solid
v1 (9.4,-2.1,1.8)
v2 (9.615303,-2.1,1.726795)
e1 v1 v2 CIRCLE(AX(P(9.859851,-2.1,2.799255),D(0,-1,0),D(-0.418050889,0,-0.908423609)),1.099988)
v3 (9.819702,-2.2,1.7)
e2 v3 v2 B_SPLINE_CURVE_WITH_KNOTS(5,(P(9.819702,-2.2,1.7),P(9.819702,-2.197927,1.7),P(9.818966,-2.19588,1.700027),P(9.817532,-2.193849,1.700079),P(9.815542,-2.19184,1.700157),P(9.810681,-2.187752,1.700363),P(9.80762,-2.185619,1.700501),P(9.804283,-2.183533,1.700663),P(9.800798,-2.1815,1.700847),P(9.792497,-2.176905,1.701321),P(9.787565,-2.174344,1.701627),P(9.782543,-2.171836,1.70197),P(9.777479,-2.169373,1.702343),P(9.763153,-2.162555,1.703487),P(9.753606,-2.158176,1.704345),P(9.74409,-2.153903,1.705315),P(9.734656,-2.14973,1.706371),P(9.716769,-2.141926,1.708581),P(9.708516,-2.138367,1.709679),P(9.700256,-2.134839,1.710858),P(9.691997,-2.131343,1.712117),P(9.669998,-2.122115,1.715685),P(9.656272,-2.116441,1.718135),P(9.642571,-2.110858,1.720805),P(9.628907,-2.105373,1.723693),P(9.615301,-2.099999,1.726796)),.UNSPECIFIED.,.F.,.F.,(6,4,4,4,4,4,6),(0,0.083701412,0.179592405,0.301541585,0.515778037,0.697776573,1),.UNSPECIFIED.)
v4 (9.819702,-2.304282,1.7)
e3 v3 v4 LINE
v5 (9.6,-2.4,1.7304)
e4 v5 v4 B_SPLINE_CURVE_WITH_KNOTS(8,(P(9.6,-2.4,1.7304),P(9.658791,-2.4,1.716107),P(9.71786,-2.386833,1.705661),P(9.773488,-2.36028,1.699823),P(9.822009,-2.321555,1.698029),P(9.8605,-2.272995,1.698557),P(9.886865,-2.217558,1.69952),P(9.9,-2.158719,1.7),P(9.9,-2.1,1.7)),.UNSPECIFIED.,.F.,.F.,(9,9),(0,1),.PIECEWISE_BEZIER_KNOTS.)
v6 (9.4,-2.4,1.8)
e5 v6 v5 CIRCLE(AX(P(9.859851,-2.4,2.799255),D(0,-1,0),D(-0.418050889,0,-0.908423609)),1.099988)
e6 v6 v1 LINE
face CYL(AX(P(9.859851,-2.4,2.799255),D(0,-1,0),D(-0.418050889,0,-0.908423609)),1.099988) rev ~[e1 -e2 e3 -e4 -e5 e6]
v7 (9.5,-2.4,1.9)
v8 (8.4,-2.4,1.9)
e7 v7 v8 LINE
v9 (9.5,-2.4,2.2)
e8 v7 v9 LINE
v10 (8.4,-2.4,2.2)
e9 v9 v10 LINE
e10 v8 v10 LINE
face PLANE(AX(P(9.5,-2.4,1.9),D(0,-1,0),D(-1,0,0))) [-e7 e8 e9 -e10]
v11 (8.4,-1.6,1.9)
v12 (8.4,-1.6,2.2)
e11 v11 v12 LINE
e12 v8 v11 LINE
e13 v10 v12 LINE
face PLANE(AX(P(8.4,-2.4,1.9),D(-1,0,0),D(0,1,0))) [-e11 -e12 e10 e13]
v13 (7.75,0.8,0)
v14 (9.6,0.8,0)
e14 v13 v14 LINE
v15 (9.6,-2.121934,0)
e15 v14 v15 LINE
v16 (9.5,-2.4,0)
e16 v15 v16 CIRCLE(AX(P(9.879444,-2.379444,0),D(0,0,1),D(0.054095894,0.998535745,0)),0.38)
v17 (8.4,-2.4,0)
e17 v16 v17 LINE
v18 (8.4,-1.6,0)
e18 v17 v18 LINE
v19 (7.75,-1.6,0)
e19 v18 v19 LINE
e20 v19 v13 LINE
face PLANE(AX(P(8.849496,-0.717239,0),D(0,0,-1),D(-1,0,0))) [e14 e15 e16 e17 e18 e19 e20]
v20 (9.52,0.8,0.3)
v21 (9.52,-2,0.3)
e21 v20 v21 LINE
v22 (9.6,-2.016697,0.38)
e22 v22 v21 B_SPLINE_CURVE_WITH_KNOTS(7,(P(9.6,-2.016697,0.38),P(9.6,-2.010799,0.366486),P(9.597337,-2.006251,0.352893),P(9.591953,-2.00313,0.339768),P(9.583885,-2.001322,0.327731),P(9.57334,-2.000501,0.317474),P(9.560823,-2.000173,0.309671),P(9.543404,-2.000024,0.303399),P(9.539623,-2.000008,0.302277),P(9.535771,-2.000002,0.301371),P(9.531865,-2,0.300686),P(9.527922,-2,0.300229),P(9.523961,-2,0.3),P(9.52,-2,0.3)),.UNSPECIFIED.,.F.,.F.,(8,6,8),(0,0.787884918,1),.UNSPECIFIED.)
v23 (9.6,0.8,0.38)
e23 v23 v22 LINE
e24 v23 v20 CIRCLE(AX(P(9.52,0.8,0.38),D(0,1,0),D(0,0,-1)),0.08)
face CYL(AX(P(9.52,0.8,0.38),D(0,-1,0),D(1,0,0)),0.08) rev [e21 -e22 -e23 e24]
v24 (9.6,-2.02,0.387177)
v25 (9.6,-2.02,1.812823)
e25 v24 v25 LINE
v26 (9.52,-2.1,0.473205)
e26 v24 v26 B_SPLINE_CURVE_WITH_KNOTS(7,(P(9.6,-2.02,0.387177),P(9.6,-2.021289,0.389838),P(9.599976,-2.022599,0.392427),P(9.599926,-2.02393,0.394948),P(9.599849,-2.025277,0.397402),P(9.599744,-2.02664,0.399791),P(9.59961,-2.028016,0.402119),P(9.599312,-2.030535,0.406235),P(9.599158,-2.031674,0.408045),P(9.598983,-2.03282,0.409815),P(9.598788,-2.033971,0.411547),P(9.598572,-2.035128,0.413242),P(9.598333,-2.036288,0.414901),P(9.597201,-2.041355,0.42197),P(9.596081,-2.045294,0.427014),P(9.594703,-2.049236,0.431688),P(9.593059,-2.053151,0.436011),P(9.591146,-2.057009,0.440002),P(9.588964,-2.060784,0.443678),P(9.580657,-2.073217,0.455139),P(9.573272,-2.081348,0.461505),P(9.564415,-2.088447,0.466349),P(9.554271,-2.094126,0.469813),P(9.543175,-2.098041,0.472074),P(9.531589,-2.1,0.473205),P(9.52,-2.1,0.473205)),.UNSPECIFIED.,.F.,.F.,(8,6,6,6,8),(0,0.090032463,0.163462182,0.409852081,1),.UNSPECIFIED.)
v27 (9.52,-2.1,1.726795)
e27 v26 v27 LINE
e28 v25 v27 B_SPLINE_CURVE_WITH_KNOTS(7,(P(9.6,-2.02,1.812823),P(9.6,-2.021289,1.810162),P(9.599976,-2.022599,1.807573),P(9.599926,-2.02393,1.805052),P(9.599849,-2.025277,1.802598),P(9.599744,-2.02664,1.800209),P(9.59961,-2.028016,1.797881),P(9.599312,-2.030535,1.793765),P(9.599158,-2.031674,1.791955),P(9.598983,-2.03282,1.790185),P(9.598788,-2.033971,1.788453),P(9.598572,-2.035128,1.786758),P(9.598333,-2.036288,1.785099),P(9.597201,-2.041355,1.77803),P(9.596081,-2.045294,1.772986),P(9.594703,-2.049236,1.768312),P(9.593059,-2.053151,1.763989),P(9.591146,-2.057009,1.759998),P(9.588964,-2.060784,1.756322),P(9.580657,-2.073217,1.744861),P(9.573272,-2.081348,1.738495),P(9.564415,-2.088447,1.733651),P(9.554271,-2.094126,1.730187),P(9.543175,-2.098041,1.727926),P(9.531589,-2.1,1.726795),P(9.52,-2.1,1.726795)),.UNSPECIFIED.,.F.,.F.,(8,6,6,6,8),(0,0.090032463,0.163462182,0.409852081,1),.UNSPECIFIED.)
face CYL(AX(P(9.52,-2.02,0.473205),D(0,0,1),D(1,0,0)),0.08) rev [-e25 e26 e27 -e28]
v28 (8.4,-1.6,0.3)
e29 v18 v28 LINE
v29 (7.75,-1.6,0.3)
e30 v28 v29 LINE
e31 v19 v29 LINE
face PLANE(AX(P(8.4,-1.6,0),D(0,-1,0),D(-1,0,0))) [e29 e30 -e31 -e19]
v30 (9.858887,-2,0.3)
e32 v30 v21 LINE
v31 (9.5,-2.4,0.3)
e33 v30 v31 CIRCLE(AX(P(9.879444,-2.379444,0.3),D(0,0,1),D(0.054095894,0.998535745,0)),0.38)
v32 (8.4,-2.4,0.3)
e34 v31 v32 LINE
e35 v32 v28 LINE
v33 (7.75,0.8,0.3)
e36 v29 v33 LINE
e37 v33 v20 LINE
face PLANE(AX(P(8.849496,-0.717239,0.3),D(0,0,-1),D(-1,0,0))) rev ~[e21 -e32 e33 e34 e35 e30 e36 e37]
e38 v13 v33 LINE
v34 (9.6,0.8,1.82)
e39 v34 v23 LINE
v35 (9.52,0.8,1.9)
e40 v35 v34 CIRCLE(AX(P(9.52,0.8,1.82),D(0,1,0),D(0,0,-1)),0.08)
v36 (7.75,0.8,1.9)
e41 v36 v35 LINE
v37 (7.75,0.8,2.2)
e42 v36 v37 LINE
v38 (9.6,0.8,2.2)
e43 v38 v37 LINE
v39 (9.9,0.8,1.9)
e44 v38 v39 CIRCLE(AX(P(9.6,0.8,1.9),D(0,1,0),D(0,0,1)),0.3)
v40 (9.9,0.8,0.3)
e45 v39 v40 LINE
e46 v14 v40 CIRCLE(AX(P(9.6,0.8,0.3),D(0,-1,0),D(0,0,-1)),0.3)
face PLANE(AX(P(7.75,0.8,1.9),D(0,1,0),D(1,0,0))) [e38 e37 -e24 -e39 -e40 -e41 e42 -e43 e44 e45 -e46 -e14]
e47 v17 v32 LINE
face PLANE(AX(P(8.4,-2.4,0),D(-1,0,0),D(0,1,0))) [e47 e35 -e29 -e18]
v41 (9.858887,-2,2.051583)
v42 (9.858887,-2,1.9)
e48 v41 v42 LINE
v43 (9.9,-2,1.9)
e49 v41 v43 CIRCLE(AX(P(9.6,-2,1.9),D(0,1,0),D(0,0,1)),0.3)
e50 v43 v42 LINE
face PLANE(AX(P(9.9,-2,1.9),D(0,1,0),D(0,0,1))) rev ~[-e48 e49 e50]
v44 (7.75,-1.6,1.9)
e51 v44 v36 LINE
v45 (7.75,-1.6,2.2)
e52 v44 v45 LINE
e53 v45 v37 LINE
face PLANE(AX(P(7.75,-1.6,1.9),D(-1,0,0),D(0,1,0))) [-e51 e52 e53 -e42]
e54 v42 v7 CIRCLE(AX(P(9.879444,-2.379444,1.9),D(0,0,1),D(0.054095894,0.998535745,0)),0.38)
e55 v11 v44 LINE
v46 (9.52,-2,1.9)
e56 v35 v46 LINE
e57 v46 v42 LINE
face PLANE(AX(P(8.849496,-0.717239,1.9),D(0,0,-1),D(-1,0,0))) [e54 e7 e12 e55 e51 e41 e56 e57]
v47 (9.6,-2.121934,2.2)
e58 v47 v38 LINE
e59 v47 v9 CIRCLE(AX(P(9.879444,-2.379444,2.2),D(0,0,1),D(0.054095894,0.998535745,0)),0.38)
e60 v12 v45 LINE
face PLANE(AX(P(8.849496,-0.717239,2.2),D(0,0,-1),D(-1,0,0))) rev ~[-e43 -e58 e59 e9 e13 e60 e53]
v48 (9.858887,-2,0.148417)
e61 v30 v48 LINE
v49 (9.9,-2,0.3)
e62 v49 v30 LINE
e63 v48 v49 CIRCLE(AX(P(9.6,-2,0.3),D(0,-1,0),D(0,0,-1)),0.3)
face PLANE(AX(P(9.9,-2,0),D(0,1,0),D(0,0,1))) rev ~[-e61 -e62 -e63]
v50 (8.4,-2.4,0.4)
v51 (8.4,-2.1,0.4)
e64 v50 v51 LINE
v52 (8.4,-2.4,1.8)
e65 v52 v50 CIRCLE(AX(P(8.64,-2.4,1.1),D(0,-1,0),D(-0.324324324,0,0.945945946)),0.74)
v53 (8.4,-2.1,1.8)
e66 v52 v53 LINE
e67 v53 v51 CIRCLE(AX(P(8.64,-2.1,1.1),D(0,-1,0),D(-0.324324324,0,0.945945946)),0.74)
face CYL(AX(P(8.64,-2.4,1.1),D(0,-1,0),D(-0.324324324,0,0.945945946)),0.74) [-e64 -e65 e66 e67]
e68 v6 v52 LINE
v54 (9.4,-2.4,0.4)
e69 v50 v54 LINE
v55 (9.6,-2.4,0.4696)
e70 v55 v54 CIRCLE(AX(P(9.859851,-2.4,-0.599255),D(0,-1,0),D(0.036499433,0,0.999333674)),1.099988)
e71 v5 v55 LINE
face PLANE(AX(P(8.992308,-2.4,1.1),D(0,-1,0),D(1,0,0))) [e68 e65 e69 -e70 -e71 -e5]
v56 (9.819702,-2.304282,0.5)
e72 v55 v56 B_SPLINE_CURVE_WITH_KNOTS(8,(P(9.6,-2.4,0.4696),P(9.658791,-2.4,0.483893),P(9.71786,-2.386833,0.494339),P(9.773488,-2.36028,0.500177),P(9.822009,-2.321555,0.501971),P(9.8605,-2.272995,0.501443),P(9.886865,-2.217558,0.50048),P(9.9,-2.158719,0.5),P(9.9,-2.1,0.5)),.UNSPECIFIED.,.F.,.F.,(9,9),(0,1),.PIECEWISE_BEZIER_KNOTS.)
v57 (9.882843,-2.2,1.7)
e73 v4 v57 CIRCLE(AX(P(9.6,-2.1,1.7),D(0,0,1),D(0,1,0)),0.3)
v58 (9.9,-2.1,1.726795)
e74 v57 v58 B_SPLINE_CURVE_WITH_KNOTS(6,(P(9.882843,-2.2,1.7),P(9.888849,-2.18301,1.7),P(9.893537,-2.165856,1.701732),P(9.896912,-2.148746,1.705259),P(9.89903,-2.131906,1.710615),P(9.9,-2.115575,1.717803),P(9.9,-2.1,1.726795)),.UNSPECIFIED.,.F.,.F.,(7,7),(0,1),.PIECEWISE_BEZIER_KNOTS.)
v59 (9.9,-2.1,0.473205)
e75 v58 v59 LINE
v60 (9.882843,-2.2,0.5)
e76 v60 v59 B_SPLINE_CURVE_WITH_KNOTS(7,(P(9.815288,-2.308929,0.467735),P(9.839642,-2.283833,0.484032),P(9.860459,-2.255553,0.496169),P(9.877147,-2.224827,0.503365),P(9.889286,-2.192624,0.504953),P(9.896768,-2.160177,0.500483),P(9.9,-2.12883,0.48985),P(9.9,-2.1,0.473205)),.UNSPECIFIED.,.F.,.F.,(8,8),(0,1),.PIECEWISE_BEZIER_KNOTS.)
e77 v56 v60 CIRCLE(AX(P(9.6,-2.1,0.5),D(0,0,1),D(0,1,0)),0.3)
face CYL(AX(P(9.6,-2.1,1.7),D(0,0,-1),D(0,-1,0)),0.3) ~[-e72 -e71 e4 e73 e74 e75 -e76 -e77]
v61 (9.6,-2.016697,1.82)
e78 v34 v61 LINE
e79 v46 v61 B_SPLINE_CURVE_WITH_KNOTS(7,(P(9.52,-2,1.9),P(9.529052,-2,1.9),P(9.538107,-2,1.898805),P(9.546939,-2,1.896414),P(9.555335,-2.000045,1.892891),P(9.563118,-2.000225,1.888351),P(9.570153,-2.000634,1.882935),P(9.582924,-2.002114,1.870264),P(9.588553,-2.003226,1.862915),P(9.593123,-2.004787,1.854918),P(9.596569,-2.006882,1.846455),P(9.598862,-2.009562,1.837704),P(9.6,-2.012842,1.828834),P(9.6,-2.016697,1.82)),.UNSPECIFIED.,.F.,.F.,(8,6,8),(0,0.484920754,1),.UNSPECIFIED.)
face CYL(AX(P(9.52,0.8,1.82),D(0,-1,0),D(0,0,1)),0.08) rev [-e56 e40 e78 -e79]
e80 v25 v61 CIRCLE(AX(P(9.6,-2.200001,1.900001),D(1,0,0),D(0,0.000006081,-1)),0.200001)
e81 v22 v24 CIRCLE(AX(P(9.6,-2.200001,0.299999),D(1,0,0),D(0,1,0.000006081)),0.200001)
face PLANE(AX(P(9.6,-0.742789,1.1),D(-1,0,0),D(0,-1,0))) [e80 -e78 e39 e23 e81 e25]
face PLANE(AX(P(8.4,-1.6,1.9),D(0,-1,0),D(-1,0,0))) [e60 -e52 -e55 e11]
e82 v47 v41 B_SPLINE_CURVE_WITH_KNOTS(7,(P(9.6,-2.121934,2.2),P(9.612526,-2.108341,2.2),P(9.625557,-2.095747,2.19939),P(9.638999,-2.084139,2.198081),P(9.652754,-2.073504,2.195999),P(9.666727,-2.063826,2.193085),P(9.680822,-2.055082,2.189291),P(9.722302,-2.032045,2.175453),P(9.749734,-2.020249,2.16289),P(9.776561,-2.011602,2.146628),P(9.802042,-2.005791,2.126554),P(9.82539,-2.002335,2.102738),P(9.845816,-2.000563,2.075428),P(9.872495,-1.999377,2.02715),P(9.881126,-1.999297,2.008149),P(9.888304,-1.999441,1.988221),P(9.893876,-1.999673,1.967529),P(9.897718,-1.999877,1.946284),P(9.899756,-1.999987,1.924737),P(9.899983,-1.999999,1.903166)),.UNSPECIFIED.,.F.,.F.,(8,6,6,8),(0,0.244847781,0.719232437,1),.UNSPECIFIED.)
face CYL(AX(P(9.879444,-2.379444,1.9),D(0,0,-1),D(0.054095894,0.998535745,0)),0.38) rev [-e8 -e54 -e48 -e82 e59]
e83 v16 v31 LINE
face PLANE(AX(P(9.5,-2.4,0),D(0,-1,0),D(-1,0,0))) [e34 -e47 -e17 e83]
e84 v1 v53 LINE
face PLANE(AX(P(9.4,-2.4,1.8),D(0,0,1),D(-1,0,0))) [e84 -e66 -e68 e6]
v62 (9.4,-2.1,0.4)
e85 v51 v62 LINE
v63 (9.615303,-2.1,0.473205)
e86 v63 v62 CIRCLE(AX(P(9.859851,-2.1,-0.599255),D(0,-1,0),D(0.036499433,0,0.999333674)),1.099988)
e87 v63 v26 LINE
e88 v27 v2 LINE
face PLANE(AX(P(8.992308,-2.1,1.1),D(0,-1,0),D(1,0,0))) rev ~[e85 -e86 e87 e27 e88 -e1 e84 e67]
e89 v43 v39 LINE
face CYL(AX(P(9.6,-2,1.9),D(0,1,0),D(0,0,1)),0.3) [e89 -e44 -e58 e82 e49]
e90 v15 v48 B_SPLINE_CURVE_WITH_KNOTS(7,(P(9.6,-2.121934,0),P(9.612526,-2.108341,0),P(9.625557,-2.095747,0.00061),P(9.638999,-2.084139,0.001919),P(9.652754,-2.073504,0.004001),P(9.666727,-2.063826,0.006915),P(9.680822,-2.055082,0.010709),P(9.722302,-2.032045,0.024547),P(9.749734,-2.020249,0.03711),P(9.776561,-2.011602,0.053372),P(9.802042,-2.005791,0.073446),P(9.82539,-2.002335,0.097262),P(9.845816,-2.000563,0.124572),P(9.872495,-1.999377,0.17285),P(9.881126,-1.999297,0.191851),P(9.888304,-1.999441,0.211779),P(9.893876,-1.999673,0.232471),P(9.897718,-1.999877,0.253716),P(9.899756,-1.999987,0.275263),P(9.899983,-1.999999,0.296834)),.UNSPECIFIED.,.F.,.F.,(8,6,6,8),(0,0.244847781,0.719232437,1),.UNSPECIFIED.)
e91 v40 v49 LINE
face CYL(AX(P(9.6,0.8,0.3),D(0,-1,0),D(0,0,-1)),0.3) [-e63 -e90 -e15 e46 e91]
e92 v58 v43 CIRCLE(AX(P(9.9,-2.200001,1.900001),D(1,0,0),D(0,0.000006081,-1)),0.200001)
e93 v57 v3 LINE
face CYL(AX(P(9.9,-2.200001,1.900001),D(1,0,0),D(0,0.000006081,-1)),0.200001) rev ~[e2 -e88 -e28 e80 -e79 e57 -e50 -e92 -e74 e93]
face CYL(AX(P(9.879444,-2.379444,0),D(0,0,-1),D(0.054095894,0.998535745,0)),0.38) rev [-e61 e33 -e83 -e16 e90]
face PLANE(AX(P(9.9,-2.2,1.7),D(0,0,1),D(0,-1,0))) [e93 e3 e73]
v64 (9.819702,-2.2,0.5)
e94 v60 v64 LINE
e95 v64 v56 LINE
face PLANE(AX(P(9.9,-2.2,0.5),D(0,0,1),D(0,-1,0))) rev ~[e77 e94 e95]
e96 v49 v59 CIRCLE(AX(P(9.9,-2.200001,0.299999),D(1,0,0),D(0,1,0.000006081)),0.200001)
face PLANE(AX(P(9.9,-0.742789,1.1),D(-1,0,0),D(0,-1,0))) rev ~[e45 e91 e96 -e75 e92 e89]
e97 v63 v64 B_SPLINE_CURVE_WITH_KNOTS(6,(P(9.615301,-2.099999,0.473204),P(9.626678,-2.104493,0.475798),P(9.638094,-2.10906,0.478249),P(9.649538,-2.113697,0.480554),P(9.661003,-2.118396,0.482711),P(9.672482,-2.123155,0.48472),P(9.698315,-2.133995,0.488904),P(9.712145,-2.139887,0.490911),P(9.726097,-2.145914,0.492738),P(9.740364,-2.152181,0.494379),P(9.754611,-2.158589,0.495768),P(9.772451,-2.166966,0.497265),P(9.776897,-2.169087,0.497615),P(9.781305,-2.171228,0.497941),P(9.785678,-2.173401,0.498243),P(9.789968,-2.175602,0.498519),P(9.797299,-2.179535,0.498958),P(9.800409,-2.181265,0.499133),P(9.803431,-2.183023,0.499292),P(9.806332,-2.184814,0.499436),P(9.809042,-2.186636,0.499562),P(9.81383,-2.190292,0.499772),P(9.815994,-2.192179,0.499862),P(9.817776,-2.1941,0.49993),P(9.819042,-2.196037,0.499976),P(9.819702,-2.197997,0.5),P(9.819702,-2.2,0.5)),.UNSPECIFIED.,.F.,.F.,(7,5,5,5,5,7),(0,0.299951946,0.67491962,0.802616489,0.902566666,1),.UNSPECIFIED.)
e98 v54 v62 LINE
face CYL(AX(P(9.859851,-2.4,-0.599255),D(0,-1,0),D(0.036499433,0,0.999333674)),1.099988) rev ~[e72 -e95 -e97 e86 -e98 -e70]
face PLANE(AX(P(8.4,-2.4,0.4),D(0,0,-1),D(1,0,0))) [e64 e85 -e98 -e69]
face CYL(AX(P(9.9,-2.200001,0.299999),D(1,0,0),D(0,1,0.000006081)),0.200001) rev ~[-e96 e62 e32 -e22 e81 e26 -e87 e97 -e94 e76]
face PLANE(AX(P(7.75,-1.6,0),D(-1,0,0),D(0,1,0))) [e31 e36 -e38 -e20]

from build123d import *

# Parameters (mm, degrees)
PAD015_DEPTH = 0.3
PAD016_DEPTH = 0.3
PAD017_DEPTH = 0.3
PAD013_DEPTH = 0.3
FILLET002_R  = 0.3
FILLET003_R  = 0.08


with BuildPart() as body015:
    # Sketch015 → Pad015 (new body)
    with BuildSketch(Plane.XZ.offset(2.4)):
        with BuildLine():
            Line((9.4, 1.8), (8.4, 1.8))
            ThreePointArc((8.4, 1.8), (7.9, 1.1), (8.4, 0.4))
            Line((8.4, 0.4), (9.4, 0.4))
            ThreePointArc((9.9, 0.5), (9.644126, 0.479372), (9.4, 0.4))
            Line((9.9, 0.5), (9.9, 1.7))
            ThreePointArc((9.4, 1.8), (9.644126, 1.720628), (9.9, 1.7))
        make_face()
    extrude(amount=-PAD015_DEPTH)


with BuildPart() as body016:
    # Sketch016 → Pad016 (new body)
    with BuildSketch(Plane.XY):
        with BuildLine():
            Line((9.5, -2.4), (8.4, -2.4))
            Line((8.4, -2.4), (8.4, -1.6))
            Line((8.4, -1.6), (7.75, -1.6))
            Line((7.75, -1.6), (7.75, 0.8))
            Line((7.75, 0.8), (9.9, 0.8))
            Line((9.9, 0.8), (9.9, -2))
            ThreePointArc((9.9, -2), (9.610743, -2.110743), (9.5, -2.4))
        make_face()
    extrude(amount=PAD016_DEPTH)


with BuildPart() as body017:
    # Sketch017 → Pad017 (new body)
    with BuildSketch(Plane.XY.offset(1.9)):
        with BuildLine():
            Line((9.5, -2.4), (8.4, -2.4))
            Line((8.4, -2.4), (8.4, -1.6))
            Line((8.4, -1.6), (7.75, -1.6))
            Line((7.75, -1.6), (7.75, 0.8))
            Line((7.75, 0.8), (9.9, 0.8))
            Line((9.9, 0.8), (9.9, -2))
            ThreePointArc((9.9, -2), (9.610743, -2.110743), (9.5, -2.4))
        make_face()
    extrude(amount=PAD017_DEPTH)


with BuildPart() as fillet003:
    # Sketch013 → Pad013 (new body)
    with BuildSketch(Plane.YZ.offset(9.9)):
        with BuildLine():
            Line((0.8, 2.2), (0.8, 0))
            Line((0.8, 0), (-2, 0))
            Line((-2, 0), (-2, 0.3))
            ThreePointArc((-2, 0.3), (-2.058579, 0.441421), (-2.2, 0.5))
            Line((-2.2, 0.5), (-2.4, 0.5))
            Line((-2.4, 1.7), (-2.4, 0.5))
            Line((-2.2, 1.7), (-2.4, 1.7))
            ThreePointArc((-2.2, 1.7), (-2.058579, 1.758579), (-2, 1.9))
            Line((-2, 1.9), (-2, 2.2))
            Line((-2, 2.2), (0.8, 2.2))
        make_face()
    extrude(amount=-PAD013_DEPTH)

    # Fusion002: union Body015, Body016, Body017
    add(body015.part)
    add(body016.part)
    add(body017.part)

    # Fillet002
    fillet002_edges = [fillet003.edges().sort_by_distance(p)[0] for p in [
        (9.9, -2.4, 1.1),
        (9.9, -0.6, 0),
        (9.9, -0.6, 2.2),
    ]]
    fillet(fillet002_edges, radius=FILLET002_R)

    # Fillet003
    fillet003_edges = [fillet003.edges().sort_by_distance(p)[0] for p in [
        (9.6, -2.1, 1.1),
        (9.6, -0.6, 0.3),
        (9.6, -0.6, 1.9),
    ]]
    fillet(fillet003_edges, radius=FILLET003_R)


solid = fillet003.part
